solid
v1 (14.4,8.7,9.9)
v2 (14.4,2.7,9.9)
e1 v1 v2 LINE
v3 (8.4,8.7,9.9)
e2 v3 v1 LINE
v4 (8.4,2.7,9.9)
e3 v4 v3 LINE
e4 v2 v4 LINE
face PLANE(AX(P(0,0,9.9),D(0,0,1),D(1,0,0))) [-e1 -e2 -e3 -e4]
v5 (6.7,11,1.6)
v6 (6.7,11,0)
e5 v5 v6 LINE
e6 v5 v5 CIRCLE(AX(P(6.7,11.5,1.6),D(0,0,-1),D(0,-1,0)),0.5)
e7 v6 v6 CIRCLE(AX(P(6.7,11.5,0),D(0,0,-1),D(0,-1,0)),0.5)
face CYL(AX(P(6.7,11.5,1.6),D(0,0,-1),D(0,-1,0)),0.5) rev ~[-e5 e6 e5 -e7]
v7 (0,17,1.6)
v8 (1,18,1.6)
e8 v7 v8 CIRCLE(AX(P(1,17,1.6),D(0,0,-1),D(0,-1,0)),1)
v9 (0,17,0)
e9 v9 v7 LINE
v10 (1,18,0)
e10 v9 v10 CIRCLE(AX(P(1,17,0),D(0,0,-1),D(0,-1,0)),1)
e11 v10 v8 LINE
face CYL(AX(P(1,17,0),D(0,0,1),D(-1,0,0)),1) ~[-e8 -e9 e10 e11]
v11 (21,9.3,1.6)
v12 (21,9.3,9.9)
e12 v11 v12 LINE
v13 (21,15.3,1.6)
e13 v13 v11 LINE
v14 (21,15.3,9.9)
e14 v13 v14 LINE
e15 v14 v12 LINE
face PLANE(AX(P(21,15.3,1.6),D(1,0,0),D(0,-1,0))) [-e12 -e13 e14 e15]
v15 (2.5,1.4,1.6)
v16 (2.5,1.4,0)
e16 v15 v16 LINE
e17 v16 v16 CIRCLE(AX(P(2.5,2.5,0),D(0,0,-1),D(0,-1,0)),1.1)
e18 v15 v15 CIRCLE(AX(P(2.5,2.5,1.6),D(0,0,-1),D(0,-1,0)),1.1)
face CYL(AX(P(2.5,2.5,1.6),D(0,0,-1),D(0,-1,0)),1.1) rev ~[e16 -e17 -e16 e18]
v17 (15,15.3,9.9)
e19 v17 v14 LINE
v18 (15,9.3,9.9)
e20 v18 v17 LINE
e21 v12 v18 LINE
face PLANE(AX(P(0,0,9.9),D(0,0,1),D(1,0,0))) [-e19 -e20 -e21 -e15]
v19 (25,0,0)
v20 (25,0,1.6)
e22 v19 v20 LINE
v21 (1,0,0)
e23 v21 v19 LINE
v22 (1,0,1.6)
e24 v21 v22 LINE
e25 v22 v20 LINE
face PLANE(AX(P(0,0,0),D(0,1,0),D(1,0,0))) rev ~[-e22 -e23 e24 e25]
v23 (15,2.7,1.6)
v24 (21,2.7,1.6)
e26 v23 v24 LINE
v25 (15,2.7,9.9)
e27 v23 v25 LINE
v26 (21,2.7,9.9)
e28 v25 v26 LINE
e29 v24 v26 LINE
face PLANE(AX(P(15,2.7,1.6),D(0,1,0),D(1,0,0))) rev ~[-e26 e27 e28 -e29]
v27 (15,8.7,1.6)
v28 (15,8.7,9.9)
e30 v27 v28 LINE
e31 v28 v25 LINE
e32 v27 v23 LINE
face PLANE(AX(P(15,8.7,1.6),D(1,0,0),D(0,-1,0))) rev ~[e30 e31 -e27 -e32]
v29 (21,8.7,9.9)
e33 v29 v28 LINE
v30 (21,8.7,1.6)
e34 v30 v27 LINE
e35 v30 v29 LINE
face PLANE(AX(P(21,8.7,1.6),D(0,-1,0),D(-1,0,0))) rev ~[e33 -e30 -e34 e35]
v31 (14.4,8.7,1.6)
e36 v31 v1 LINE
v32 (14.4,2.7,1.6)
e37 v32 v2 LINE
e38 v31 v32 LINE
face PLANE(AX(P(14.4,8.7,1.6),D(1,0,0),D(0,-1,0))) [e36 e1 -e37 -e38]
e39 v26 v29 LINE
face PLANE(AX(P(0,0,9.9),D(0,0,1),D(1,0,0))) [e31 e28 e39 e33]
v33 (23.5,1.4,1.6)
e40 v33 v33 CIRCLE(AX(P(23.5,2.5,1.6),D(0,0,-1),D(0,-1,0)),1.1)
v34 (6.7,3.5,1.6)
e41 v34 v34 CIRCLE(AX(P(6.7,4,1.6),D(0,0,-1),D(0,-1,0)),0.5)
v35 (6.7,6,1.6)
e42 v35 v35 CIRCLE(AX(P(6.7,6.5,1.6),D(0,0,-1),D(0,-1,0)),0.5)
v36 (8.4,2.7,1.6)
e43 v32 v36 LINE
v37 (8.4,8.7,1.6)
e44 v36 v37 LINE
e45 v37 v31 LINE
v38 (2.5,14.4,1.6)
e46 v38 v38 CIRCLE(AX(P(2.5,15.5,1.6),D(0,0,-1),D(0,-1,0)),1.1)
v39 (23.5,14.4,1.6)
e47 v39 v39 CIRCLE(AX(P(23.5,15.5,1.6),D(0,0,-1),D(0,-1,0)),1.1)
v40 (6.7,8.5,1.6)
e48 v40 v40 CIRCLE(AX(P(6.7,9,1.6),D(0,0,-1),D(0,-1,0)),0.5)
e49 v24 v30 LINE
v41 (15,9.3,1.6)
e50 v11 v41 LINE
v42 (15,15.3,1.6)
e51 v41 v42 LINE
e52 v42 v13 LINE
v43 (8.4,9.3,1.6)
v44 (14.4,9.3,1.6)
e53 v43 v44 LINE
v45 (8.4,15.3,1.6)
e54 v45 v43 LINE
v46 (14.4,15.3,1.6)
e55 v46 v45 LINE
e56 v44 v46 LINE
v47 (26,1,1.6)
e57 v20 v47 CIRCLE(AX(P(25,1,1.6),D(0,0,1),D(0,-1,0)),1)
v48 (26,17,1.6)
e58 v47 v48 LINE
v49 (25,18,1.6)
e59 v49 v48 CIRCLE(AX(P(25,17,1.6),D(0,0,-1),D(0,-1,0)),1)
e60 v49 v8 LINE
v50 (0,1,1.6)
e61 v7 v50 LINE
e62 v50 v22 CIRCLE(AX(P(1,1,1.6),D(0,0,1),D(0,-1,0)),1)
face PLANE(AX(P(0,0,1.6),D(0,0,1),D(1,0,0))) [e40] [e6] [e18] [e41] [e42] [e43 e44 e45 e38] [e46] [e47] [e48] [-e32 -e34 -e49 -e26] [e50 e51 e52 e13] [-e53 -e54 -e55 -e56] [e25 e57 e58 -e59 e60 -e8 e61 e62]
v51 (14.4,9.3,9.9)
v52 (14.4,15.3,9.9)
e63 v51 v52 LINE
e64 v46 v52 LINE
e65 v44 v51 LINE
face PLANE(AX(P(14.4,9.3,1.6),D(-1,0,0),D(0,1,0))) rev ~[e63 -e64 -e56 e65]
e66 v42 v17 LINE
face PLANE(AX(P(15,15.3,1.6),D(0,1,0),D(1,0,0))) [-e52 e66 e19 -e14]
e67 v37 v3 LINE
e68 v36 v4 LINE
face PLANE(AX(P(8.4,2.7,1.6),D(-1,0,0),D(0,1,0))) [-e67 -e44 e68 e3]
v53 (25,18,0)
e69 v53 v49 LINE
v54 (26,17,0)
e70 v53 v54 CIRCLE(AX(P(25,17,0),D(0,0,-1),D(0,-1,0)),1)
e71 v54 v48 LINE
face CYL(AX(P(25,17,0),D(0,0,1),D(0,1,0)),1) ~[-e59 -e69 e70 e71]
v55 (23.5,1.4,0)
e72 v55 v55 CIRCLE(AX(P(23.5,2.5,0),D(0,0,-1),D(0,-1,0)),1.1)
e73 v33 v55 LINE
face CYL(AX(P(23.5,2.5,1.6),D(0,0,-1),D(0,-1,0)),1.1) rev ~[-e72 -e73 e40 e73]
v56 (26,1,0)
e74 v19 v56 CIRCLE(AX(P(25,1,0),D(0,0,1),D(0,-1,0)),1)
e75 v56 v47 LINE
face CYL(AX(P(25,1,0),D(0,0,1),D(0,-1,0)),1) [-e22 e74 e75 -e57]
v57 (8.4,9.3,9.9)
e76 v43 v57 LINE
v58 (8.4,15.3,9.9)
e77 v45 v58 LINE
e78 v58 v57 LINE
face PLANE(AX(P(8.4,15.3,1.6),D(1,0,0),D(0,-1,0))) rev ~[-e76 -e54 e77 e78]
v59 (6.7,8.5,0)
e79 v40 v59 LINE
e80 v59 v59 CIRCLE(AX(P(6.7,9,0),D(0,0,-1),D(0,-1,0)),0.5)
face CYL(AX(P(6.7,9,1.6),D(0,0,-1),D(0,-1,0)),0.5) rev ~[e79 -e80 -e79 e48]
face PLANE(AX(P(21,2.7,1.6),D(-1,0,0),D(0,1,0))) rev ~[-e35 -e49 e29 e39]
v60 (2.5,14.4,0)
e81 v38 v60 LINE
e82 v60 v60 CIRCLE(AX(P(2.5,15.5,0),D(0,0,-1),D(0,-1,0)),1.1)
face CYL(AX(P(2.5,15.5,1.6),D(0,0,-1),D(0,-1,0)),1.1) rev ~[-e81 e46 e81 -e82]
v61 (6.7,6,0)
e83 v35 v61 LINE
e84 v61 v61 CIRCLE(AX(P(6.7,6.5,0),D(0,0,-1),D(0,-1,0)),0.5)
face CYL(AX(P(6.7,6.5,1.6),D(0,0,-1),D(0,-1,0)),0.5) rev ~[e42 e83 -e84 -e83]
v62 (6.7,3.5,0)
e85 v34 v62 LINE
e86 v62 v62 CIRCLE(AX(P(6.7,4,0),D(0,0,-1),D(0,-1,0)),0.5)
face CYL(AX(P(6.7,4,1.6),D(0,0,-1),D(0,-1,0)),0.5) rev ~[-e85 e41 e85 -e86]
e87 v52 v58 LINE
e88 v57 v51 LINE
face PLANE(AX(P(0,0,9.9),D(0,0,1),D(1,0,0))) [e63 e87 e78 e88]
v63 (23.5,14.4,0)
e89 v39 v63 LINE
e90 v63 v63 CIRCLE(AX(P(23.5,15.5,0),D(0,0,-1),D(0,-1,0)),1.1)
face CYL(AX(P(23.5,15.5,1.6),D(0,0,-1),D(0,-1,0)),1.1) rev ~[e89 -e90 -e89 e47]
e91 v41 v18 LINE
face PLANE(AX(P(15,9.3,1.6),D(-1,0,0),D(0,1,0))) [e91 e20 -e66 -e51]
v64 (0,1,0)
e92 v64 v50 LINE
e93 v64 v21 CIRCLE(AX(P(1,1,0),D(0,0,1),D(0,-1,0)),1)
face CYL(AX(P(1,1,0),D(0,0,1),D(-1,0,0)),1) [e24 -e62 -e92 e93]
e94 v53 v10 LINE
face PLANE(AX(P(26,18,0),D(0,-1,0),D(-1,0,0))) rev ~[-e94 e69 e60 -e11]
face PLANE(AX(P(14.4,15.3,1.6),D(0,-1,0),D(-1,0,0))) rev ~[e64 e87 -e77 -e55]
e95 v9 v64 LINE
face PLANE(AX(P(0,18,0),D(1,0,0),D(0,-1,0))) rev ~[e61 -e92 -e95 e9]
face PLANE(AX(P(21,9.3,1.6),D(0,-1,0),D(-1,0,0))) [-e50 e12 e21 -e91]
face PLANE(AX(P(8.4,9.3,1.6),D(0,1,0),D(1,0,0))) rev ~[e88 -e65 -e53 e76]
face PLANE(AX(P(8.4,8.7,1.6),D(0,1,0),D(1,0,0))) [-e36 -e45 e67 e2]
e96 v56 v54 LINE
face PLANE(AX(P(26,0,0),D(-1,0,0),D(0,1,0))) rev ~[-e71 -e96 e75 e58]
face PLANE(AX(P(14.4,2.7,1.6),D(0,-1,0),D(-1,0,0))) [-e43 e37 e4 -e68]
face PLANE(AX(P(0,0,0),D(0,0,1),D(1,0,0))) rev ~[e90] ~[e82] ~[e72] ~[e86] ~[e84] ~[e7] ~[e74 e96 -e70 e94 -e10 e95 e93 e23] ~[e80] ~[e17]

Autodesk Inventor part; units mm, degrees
ref_plane "YZ Plane" through (0, 0, 0) normal (1, 0, 0) x (0, 1, 0)
ref_plane "XZ Plane" through (0, 0, 0) normal (0, 1, 0) x (-1, 0, 0)
ref_plane "XY Plane" through (0, 0, 0) normal (0, 0, 1) x (1, 0, 0)
sketch "スケッチ1" plane through (0, 0, 0) normal (0, 0, 1) x (1, 0, 0)
  line L0 (0, 0) -> (26, 0)
  line L1 (26, 0) -> (26, 18)
  line L2 (26, 18) -> (0, 18)
  line L3 (0, 18) -> (0, 0)
  dimension "d0" = 26
  dimension "d1" = 18
extrude "押し出し1" add sketch "スケッチ1" along normal blind 1.6
sketch "スケッチ2" plane through (0, 0, 1.6) normal (0, 0, 1) x (1, 0, 0)
  line L0 (0, 0) -> (26, 0) projected
  line L1 (26, 0) -> (26, 18) projected
  line L2 (26, 18) -> (0, 18) projected
  line L3 (0, 18) -> (0, 0) projected
  line L4 (23.5, 2.5) -> (2.5, 2.5)
  line L5 (2.5, 2.5) -> (2.5, 15.5)
  line L6 (2.5, 15.5) -> (23.5, 15.5)
  line L7 (23.5, 15.5) -> (23.5, 2.5)
  dimension "d4" = 2.5
hole "穴1" at (23.5, 15.5, 1.6) at (23.5, 2.5, 1.6) at (2.5, 2.5, 1.6) at (2.5, 15.5, 1.6) direction (0, 0, -1) diameter 2.2 end through all
fillet "フィレット1" radius 1 4 edges at (0, 0, 0.8) (26, 0, 0.8) (0, 18, 0.8) (26, 18, 0.8)
sketch "スケッチ4" plane through (0, 0, 1.6) normal (0, 0, 1) x (1, 0, 0)
  circle A0 centre (2.5, 2.5) radius 1.1 projected
  circle A1 centre (23.5, 15.5) radius 1.1 projected
  circle A2 centre (23.5, 2.5) radius 1.1 projected
  circle A3 centre (2.5, 15.5) radius 1.1 projected
  arc A4 (26, 17) -> (25, 18) centre (25, 17) ccw projected
  line L0 (25, 18) -> (1, 18) projected
  arc A5 (1, 18) -> (0, 17) centre (1, 17) ccw projected
  line L1 (0, 17) -> (0, 1) projected
  arc A6 (0, 1) -> (1, 0) centre (1, 1) ccw projected
  line L2 (1, 0) -> (25, 0) projected
  arc A7 (25, 0) -> (26, 1) centre (25, 1) ccw projected
  line L3 (26, 1) -> (26, 17) projected
  line L4 (15, 15.3) -> (21, 15.3)
  line L5 (21, 15.3) -> (21, 9.3)
  line L6 (21, 9.3) -> (15, 9.3)
  line L7 (15, 9.3) -> (15, 15.3)
  line L8 (26, 1) -> (26, 17) projected
  line L9 (26, 9) -> (14.7, 9)
  line L10 (15, 2.7) -> (21, 2.7)
  line L11 (21, 2.7) -> (21, 8.7)
  line L12 (21, 8.7) -> (15, 8.7)
  line L13 (15, 8.7) -> (15, 2.7)
  line L14 (14.7, 9) -> (14.7, 10.3555)
  line L15 (14.4, 15.3) -> (8.4, 15.3)
  line L16 (8.4, 15.3) -> (8.4, 9.3)
  line L17 (8.4, 9.3) -> (14.4, 9.3)
  line L18 (14.4, 9.3) -> (14.4, 15.3)
  line L19 (14.4, 8.7) -> (14.4, 2.7)
  line L20 (14.4, 2.7) -> (8.4, 2.7)
  line L21 (8.4, 8.7) -> (14.4, 8.7)
  line L22 (8.4, 2.7) -> (8.4, 8.7)
  point P0 (0, 0)
  dimension "d24" = 6
  dimension "d25" = 6
  dimension "d26" = 0.6
  dimension "d27" = 0.6
  dimension "d28" = 5
extrude "押し出し2" add sketch "スケッチ4" along normal blind 8.3 contours L4 L5 L6 L7 | L13 L12 L11 L10 | L18 L17 L16 L15 | L19 L20 L22 L21
sketch "スケッチ6" plane through (0, 0, 1.6) normal (0, 0, 1) x (1, 0, 0)
  line L0 (0, 17) -> (0, 1) projected
  line L1 (0, 9) -> (6.7, 9)
  line L2 (6.7, 9) -> (6.7, 11.5)
  circle A0 centre (6.7, 11.5) radius 0.8483
  circle A1 centre (6.7, 9) radius 0.8884
  circle A2 centre (6.7, 6.5) radius 0.8483
  circle A3 centre (6.7, 9) radius 0.8884
  point P0 (0, 0)
  dimension "d33" = 6.7
  dimension "d34" = 2.5
  dimension "d35" = 0
hole "穴3" at (6.7, 11.5, 1.6) at (6.7, 9, 1.6) at (6.7, 9, 1.6) at (6.7, 6.5, 1.6) direction (0, 0, -1) diameter 1 end through all
sketch "スケッチ8" plane through (0, 0, 1.6) normal (0, 0, 1) x (1, 0, 0)
  circle A0 centre (6.7, 9) radius 0.5 projected
  circle A1 centre (6.7, 11.5) radius 0.5 projected
  circle A2 centre (6.7, 6.5) radius 0.5 projected
  line L0 (14.4, 15.3) -> (14.4, 9.3) projected
  line L1 (14.4, 9.3) -> (8.4, 9.3) projected
  line L2 (8.4, 9.3) -> (8.4, 15.3) projected
  line L3 (8.4, 15.3) -> (14.4, 15.3) projected
  line L4 (21, 15.3) -> (21, 9.3) projected
  line L5 (21, 9.3) -> (15, 9.3) projected
  line L6 (15, 9.3) -> (15, 15.3) projected
  line L7 (15, 15.3) -> (21, 15.3) projected
  line L8 (21, 8.7) -> (21, 2.7) projected
  line L9 (21, 2.7) -> (15, 2.7) projected
  line L10 (15, 2.7) -> (15, 8.7) projected
  line L11 (15, 8.7) -> (21, 8.7) projected
  line L12 (14.4, 8.7) -> (14.4, 2.7) projected
  line L13 (14.4, 2.7) -> (8.4, 2.7) projected
  line L14 (8.4, 2.7) -> (8.4, 8.7) projected
  line L15 (8.4, 8.7) -> (14.4, 8.7) projected
  circle A3 centre (2.5, 2.5) radius 1.1 projected
  circle A4 centre (23.5, 15.5) radius 1.1 projected
  circle A5 centre (23.5, 2.5) radius 1.1 projected
  circle A6 centre (2.5, 15.5) radius 1.1 projected
  arc A7 (26, 17) -> (25, 18) centre (25, 17) ccw projected
  line L16 (25, 18) -> (1, 18) projected
  arc A8 (1, 18) -> (0, 17) centre (1, 17) ccw projected
  line L17 (0, 17) -> (0, 1) projected
  arc A9 (0, 1) -> (1, 0) centre (1, 1) ccw projected
  line L18 (1, 0) -> (25, 0) projected
  arc A10 (25, 0) -> (26, 1) centre (25, 1) ccw projected
  line L19 (26, 1) -> (26, 17) projected
  line L20 (6.7, 6.5) -> (6.7, 4)
  circle A11 centre (6.7, 4) radius 0.5842
  point P0 (0, 0)
  dimension "d44" = 2.5
hole "穴4" at (6.7, 4, 1.6) direction (0, 0, -1) diameter 1 end through all
properties part number "中継ハブ" material "GFRC"
